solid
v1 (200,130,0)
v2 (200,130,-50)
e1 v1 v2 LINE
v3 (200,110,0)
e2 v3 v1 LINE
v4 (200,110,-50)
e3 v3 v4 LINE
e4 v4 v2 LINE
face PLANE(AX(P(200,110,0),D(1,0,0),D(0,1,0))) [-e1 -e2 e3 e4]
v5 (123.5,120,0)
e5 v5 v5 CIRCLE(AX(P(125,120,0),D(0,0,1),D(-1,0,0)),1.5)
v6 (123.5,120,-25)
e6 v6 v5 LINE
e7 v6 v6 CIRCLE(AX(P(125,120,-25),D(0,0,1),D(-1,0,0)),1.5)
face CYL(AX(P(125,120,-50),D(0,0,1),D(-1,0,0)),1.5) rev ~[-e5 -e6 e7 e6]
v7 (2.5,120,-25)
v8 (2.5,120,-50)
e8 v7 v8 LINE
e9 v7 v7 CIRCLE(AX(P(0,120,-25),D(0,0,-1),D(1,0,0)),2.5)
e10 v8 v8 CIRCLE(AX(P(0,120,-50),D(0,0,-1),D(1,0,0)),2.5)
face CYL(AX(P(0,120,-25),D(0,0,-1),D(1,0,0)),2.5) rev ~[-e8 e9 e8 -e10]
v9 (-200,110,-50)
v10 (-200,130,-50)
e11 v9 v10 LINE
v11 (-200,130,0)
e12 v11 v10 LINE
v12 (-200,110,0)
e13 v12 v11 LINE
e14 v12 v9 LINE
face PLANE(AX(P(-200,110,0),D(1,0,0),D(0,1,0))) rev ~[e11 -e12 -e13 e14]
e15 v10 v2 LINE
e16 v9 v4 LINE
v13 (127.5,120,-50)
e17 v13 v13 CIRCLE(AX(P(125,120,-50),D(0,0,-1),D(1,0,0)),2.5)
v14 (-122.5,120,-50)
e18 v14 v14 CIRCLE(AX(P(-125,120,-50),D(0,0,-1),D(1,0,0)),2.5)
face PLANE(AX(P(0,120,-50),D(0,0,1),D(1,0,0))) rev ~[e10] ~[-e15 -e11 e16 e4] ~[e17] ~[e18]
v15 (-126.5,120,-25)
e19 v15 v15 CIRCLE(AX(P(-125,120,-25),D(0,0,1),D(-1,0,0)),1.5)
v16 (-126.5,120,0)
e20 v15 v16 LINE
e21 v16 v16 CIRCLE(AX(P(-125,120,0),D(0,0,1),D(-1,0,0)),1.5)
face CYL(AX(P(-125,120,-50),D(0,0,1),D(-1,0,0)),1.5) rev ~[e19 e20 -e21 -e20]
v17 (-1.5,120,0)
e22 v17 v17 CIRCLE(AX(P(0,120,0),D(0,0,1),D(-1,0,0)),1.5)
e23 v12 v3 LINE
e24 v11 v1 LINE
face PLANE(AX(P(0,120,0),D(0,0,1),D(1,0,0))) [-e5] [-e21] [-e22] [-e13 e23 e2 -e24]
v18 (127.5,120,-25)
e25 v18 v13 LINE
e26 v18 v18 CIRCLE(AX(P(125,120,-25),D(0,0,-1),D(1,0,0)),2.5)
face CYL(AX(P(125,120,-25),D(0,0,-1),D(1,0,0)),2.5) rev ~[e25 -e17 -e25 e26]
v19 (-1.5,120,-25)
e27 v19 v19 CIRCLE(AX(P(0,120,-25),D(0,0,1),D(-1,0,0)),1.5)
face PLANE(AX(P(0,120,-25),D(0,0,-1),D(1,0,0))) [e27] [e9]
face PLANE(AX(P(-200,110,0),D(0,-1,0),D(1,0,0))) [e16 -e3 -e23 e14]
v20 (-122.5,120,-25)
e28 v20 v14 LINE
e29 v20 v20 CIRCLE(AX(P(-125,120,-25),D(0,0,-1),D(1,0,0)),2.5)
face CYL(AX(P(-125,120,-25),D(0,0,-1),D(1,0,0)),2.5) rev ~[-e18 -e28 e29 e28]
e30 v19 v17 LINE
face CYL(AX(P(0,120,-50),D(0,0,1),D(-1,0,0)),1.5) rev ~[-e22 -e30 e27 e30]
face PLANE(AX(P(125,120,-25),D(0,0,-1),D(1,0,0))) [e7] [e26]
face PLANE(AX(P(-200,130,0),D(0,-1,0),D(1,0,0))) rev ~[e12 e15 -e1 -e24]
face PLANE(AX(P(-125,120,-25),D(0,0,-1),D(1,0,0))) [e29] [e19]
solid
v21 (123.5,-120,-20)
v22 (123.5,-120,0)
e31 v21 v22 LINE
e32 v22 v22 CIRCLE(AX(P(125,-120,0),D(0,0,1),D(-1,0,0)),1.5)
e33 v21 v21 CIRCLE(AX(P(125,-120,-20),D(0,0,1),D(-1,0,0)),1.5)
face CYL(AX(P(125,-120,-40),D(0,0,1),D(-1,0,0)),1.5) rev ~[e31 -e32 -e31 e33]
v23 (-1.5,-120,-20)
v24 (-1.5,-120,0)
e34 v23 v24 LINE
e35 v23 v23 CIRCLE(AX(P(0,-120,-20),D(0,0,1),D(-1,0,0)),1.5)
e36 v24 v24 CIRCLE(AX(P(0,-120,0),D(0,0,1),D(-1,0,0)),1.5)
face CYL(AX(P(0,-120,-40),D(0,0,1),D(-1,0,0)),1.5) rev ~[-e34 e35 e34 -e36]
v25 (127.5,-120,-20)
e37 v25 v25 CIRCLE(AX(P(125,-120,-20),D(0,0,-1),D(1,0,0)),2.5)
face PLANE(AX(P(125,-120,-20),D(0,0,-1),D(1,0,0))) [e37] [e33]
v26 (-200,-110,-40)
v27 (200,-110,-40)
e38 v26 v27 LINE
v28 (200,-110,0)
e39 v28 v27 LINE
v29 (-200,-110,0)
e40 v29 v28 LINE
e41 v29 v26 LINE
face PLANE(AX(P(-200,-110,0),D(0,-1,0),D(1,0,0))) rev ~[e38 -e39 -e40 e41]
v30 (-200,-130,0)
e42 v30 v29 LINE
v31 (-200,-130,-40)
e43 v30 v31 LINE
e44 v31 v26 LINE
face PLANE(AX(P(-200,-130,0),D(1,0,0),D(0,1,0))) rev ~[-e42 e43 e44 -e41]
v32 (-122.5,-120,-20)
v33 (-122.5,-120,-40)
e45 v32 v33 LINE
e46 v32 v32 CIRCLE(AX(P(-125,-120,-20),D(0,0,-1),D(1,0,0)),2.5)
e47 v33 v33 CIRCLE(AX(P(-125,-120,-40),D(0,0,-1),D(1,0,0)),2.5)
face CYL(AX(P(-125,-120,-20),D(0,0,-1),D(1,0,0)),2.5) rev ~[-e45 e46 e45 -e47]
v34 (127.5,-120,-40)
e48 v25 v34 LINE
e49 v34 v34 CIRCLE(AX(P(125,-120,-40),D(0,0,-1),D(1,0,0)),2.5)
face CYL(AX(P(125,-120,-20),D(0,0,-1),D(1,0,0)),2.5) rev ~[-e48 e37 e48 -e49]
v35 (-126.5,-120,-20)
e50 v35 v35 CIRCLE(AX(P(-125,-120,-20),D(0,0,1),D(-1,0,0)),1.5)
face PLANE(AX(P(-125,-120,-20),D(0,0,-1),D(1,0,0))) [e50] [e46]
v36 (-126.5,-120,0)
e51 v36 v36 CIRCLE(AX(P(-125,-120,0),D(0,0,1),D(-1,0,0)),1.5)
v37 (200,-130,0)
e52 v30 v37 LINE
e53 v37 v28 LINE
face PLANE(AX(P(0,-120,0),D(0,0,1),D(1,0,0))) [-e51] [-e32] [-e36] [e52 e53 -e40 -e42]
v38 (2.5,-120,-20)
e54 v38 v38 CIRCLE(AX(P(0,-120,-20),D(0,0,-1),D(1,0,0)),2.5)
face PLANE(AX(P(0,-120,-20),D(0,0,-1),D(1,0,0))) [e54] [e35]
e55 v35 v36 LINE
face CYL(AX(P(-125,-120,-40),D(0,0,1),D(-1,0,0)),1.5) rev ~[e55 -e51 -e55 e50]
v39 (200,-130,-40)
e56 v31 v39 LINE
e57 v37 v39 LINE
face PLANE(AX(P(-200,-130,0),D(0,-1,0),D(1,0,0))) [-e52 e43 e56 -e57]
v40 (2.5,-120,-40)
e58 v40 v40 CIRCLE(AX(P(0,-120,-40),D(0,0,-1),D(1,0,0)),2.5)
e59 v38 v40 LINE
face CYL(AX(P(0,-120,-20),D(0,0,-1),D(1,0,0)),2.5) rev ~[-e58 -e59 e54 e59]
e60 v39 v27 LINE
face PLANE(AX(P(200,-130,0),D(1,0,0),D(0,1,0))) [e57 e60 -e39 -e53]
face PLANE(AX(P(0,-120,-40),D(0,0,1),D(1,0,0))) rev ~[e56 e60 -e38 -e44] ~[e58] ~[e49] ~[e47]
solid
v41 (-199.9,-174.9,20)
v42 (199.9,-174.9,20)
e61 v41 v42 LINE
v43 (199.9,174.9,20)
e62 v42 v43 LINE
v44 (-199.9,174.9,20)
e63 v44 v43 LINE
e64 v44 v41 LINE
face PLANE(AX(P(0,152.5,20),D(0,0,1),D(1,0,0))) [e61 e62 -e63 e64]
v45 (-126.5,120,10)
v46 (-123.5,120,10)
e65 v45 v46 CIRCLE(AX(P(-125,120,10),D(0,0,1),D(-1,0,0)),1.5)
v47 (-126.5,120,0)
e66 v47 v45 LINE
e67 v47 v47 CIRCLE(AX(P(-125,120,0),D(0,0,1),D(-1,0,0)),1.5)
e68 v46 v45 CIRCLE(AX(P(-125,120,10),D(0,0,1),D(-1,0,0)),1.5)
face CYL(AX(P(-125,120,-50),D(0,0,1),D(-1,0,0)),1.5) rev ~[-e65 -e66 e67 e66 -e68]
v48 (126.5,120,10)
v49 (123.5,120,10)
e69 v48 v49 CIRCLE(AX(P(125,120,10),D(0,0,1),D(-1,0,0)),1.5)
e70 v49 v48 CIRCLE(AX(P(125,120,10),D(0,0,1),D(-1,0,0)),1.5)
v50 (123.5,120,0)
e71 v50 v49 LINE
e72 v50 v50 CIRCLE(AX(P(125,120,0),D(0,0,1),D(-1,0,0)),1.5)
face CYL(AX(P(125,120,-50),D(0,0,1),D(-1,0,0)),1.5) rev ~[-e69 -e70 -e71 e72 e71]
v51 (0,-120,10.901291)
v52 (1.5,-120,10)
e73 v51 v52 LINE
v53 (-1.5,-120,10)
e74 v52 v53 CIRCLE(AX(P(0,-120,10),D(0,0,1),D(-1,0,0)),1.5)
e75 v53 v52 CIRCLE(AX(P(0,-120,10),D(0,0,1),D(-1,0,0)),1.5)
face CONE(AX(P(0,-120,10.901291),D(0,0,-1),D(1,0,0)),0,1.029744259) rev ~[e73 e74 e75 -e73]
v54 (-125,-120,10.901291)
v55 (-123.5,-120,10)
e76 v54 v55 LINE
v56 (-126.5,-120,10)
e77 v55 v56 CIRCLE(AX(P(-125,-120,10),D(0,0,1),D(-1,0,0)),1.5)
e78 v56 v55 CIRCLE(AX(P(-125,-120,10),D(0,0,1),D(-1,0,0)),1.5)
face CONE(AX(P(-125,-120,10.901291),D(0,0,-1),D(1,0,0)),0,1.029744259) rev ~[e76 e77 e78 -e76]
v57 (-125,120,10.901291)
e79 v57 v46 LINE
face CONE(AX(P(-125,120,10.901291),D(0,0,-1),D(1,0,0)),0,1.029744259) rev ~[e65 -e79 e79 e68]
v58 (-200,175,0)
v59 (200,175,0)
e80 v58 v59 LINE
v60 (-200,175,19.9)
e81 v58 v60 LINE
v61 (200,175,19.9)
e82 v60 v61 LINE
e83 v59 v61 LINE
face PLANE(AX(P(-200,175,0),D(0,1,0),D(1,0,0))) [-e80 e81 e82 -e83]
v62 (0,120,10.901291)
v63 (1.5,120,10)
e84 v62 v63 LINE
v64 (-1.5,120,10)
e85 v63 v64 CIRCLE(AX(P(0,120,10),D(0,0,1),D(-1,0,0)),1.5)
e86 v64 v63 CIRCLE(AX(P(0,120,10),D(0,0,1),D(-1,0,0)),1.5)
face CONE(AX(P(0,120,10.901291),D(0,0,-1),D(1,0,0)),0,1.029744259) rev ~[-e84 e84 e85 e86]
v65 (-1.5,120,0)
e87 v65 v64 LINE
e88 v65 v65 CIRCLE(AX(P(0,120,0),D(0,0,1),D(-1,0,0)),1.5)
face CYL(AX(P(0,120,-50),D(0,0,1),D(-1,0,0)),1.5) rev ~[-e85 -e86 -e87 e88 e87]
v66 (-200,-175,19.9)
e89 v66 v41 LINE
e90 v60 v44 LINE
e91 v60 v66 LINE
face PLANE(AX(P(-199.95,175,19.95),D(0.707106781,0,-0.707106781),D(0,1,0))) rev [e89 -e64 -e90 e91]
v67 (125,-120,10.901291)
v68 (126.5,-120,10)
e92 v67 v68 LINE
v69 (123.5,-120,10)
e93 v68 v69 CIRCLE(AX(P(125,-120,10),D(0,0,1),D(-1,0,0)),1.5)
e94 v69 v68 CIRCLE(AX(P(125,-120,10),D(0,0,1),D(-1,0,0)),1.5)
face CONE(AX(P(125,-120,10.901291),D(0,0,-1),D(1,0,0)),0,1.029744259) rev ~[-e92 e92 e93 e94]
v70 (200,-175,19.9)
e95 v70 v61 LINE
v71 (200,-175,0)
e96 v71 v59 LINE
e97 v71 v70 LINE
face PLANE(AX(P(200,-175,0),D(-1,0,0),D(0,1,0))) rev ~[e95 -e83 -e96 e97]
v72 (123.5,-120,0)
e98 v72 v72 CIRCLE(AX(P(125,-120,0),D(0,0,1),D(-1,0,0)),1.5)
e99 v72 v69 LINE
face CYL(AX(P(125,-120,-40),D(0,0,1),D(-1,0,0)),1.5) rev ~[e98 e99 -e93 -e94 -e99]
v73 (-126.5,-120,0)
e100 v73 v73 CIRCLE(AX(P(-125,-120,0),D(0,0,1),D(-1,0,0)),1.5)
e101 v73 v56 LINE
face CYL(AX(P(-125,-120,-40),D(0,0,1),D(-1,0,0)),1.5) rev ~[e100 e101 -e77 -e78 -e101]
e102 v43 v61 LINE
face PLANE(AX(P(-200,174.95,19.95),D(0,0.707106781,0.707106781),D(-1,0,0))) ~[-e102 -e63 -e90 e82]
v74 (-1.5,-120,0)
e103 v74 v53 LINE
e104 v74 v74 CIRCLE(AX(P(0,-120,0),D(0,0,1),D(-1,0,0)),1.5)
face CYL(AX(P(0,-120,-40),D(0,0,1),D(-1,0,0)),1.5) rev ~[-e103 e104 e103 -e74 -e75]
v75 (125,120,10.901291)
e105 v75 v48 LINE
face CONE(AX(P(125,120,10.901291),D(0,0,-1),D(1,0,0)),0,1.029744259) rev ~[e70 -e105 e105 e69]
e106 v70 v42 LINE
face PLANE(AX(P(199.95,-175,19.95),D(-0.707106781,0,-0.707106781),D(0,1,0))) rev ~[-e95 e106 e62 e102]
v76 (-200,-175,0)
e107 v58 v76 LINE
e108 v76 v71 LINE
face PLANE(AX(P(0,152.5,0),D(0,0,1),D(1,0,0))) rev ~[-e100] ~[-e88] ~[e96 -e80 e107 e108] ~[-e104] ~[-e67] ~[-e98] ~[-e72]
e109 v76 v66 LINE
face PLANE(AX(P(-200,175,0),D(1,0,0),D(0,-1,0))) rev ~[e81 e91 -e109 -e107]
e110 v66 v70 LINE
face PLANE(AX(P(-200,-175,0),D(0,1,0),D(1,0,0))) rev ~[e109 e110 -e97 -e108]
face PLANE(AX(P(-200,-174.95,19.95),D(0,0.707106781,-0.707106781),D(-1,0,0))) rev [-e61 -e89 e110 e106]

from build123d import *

# Parameters (mm, degrees)
F0_W             = 400
F0_H             = 45
F0_H_2           = 20
F0_H_3           = 220
F1_DEPTH         = 20
F2_DEPTH         = 40
F3_DEPTH         = 50
F6_D             = 3
F6_DEPTH         = 50
F6_CBORE_D       = 5
F6_CBORE_DEPTH   = 20
F6_TIP           = 0.9012909285
F6_2_D           = 3
F6_2_DEPTH       = 50
F6_2_CBORE_D     = 5
F6_2_CBORE_DEPTH = 20
F6_2_TIP         = 0.9012909285
F9_D             = 3
F9_DEPTH         = 60
F9_CBORE_D       = 5
F9_CBORE_DEPTH   = 25
F9_TIP           = 0.9012909285
F9_2_D           = 3
F9_2_DEPTH       = 60
F9_2_CBORE_D     = 5
F9_2_CBORE_DEPTH = 25
F9_2_TIP         = 0.9012909285
F10_SIZE         = 0.1


with BuildPart() as f1:
    # F0 (on Top) → F1 (new body)
    with BuildSketch(Plane.XY):
        with Locations((0, 152.5)):
            Rectangle(F0_W, F0_H)
        with Locations((0, 120)):
            Rectangle(F0_W, F0_H_2)
        Rectangle(F0_W, F0_H_3)
        with Locations((0, -120)):
            Rectangle(F0_W, F0_H_2)
        with Locations((0, -152.5)):
            Rectangle(F0_W, F0_H)
    extrude(amount=F1_DEPTH)

    # F6
    with Locations(Plane(origin=(0, 0, -40), x_dir=(1, 0, 0), z_dir=(0, 0, -1))):
        with Locations((-125, 120), (0, 120), (125, 120)):
            CounterBoreHole(F6_D / 2, F6_CBORE_D / 2, F6_CBORE_DEPTH, depth=F6_DEPTH)
            with Locations((0, 0, -(F6_DEPTH + F6_TIP / 2))):  # 118° drill point
                Cone(0, F6_D / 2, F6_TIP, mode=Mode.SUBTRACT)

    # F9
    with Locations(Plane(origin=(0, 0, -50), x_dir=(1, 0, 0), z_dir=(0, 0, -1))):
        with Locations((125, -120), (0, -120), (-125, -120)):
            CounterBoreHole(F9_D / 2, F9_CBORE_D / 2, F9_CBORE_DEPTH, depth=F9_DEPTH)
            with Locations((0, 0, -(F9_DEPTH + F9_TIP / 2))):  # 118° drill point
                Cone(0, F9_D / 2, F9_TIP, mode=Mode.SUBTRACT)

    # F10
    f10_edges = [f1.edges().sort_by_distance(p)[0] for p in [
        (-200, 0, 20),
        (0, -175, 20),
        (200, 0, 20),
        (0, 175, 20),
    ]]
    chamfer(f10_edges, length=F10_SIZE)


with BuildPart() as f2:
    # F0 (on Top) → F2 (new body)
    with BuildSketch(Plane.XY):
        with Locations((0, -120)):
            Rectangle(F0_W, F0_H_2)
    extrude(amount=-F2_DEPTH)

    # F6#2
    with Locations(Plane(origin=(0, 0, -40), x_dir=(1, 0, 0), z_dir=(0, 0, -1))):
        with Locations((-125, 120), (0, 120), (125, 120)):
            CounterBoreHole(F6_2_D / 2, F6_2_CBORE_D / 2, F6_2_CBORE_DEPTH, depth=F6_2_DEPTH)
            with Locations((0, 0, -(F6_2_DEPTH + F6_2_TIP / 2))):  # 118° drill point
                Cone(0, F6_2_D / 2, F6_2_TIP, mode=Mode.SUBTRACT)


with BuildPart() as f3:
    # F0 (on Top) → F3 (new body)
    with BuildSketch(Plane.XY):
        with Locations((0, 120)):
            Rectangle(F0_W, F0_H_2)
    extrude(amount=-F3_DEPTH)

    # F9#2
    with Locations(Plane(origin=(0, 0, -50), x_dir=(1, 0, 0), z_dir=(0, 0, -1))):
        with Locations((125, -120), (0, -120), (-125, -120)):
            CounterBoreHole(F9_2_D / 2, F9_2_CBORE_D / 2, F9_2_CBORE_DEPTH, depth=F9_2_DEPTH)
            with Locations((0, 0, -(F9_2_DEPTH + F9_2_TIP / 2))):  # 118° drill point
                Cone(0, F9_2_D / 2, F9_2_TIP, mode=Mode.SUBTRACT)


solid = Compound([f1.part, f2.part, f3.part])
